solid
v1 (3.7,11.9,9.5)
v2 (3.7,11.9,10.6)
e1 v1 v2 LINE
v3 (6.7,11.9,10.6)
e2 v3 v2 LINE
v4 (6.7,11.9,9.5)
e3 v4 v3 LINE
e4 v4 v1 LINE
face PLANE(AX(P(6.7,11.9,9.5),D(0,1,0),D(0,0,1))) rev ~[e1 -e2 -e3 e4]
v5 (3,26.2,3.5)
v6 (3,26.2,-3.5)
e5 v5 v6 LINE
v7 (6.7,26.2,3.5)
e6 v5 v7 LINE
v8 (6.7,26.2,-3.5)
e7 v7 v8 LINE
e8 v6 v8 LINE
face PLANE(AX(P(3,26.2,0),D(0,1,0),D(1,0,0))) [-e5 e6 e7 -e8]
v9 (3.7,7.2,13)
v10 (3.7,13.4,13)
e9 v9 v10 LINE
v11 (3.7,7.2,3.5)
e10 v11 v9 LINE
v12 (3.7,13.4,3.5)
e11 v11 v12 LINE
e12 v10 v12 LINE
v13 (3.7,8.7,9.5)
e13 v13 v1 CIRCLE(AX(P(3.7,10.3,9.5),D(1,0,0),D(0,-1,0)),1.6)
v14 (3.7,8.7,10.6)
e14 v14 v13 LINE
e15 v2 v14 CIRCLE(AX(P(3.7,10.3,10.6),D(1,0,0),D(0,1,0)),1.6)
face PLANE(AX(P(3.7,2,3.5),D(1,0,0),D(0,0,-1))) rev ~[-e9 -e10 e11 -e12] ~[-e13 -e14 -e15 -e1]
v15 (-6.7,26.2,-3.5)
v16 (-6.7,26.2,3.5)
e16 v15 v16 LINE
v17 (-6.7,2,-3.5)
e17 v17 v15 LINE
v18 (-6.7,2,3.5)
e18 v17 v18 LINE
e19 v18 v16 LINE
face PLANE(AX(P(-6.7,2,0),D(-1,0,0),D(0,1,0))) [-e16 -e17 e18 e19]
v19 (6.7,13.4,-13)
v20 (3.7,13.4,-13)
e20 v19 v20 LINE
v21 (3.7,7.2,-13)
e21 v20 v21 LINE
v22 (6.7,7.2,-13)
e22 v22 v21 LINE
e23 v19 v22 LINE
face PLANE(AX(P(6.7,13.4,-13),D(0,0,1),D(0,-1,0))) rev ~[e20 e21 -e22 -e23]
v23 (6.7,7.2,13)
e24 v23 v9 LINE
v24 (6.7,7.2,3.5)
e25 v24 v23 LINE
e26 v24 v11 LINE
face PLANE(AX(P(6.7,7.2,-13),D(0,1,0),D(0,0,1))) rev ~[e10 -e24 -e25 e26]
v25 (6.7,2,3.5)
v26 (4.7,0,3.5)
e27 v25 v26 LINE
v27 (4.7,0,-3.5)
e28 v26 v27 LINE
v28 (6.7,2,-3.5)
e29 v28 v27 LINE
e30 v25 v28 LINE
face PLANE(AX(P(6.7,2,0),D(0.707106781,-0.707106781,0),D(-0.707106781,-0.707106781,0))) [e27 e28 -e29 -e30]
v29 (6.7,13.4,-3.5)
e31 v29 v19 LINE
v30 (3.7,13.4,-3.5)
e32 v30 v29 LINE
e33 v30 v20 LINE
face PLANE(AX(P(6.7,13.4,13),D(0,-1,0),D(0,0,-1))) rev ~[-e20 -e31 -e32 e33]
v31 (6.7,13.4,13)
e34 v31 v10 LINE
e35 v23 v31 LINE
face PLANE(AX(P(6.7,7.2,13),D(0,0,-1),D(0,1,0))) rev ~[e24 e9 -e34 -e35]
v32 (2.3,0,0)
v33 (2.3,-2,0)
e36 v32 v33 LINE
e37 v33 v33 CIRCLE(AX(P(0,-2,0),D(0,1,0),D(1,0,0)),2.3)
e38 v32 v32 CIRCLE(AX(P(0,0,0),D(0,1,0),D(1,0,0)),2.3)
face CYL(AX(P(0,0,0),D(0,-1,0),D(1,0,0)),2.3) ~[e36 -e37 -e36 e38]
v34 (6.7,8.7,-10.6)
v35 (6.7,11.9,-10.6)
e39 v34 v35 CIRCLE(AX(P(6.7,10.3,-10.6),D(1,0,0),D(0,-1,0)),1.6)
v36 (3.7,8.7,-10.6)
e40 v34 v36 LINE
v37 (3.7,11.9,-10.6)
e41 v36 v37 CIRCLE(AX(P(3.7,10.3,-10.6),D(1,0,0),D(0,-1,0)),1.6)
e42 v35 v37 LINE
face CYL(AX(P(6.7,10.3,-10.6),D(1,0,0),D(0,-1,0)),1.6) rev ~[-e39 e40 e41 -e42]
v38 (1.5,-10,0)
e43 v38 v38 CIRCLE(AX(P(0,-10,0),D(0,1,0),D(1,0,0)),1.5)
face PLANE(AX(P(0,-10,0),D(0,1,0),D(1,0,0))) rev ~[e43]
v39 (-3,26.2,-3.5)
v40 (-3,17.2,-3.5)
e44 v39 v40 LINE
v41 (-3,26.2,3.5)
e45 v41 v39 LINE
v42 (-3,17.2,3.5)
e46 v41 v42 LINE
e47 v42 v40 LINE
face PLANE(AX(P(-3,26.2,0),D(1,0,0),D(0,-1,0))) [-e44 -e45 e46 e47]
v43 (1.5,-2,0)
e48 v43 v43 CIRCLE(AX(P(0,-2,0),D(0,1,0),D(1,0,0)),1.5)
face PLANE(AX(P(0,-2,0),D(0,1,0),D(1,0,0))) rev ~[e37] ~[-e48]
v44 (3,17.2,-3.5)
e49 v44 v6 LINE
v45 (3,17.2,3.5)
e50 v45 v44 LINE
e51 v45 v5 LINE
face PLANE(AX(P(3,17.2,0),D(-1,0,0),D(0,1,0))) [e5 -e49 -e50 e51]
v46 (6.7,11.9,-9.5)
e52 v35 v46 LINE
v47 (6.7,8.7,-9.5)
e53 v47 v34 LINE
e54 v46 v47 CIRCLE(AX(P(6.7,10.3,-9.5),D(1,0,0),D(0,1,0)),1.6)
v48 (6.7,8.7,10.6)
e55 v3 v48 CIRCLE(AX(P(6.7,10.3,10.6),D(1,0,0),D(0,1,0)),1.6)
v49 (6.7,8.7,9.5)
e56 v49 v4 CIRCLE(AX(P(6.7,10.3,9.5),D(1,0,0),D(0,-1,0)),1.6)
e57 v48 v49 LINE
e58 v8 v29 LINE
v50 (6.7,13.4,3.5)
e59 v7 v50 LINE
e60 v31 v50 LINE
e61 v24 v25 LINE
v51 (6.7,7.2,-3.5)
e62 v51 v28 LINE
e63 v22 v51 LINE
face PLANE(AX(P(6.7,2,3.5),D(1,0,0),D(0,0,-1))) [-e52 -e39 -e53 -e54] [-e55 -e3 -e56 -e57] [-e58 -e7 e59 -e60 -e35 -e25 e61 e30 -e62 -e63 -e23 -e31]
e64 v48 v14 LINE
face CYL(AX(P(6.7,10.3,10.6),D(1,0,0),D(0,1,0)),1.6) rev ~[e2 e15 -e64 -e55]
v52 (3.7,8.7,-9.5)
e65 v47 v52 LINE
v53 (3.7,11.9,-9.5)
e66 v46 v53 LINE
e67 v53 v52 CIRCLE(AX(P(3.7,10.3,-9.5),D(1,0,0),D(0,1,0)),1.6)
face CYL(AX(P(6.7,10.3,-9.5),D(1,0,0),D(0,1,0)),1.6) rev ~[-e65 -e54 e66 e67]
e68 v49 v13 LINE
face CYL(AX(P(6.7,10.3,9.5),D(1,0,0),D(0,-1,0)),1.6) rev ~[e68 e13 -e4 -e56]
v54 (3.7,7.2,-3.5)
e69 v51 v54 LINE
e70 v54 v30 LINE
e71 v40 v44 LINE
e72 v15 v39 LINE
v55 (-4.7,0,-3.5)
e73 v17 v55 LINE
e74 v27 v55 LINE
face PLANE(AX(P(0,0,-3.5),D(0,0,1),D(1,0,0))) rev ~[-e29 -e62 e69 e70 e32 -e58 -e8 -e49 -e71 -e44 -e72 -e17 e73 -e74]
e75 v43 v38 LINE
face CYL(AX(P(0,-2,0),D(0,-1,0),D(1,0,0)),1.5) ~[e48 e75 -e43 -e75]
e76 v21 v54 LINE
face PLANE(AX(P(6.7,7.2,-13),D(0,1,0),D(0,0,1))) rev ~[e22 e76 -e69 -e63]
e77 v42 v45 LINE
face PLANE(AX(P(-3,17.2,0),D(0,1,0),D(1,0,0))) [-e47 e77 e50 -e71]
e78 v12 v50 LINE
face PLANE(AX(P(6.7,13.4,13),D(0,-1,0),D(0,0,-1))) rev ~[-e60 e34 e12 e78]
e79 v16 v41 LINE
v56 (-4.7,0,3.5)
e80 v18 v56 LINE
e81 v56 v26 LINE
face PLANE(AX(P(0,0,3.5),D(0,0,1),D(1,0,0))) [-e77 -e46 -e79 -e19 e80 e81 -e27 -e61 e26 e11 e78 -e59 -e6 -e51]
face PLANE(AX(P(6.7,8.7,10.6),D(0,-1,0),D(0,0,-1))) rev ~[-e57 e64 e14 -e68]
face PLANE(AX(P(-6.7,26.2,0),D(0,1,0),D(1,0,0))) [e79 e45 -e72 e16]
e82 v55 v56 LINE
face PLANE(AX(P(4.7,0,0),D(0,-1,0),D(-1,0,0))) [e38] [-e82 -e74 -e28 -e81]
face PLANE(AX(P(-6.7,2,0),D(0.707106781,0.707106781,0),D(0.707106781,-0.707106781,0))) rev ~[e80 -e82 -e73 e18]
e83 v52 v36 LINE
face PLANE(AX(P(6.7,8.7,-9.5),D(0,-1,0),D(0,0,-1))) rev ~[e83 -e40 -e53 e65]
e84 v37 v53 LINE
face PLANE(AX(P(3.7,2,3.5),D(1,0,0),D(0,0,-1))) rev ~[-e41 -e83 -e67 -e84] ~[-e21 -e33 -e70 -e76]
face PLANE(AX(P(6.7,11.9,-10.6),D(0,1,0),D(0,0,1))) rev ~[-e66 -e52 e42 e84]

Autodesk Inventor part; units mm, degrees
ref_plane "YZ Plane" through (0, 0, 0) normal (1, 0, 0) x (0, 1, 0)
ref_plane "XZ Plane" through (0, 0, 0) normal (0, 1, 0) x (-1, 0, 0)
ref_plane "XY Plane" through (0, 0, 0) normal (0, 0, 1) x (1, 0, 0)
sketch "草圖1" plane through (0, 0, 0) normal (0, 0, 1) x (1, 0, 0)
  line L0 (-6.7, 26.2) -> (-3, 26.2)
  line L1 (-3, 26.2) -> (-3, 17.2)
  line L2 (-3, 17.2) -> (3, 17.2)
  line L3 (3, 17.2) -> (3, 26.2)
  line L4 (3, 26.2) -> (6.7, 26.2)
  line L5 (6.7, 26.2) -> (6.7, 2)
  line L6 (-6.7, 2) -> (-6.7, 26.2)
  line L7 (-6.7, 2) -> (-4.7, 0)
  line L8 (-4.7, 0) -> (-1.5, 0)
  line L9 (6.7, 2) -> (4.7, 0)
  line L10 (4.7, 0) -> (1.5, 0)
  line L11 (-1.5, 0) -> (1.5, 0)
  point P0 (0, 0)
  point P1 (0, 17.2)
  point P2 (0, 0)
  point P3 (0, 0)
  dimension "d0" = 6
  dimension "d1" = 13.4
  dimension "d5" = 9
  dimension "d10" = 26.2
  dimension "d11" = 135
  dimension "d13" = 2
extrude "擠出1" add sketch "草圖1" along normal mid plane 7
sketch "草圖2" plane through (0, 0, 0) normal (0, 0, 1) x (1, 0, 0)
  line L0 (0, 0) -> (2.3, 0)
  line L1 (1.5, -2) -> (1.5, -10)
  line L2 (1.5, -10) -> (0, -10)
  line L3 (0, -10) -> (0, 0)
  line L4 (-4.7, 0) -> (4.7, 0) construction
  line L5 (2.3, 0) -> (2.3, -2)
  line L6 (2.3, -2) -> (1.5, -2)
  point P0 (1.5, 0)
  dimension "d20" = 4.6
  dimension "d21" = 3
  dimension "d22" = 2
  dimension "d23" = 10
revolve "迴轉1" add sketch "草圖2" angle 360 about axis through (0, -10, 0) along (0, 1, 0)
sketch "草圖3" plane through (6.7, 2, 3.5) normal (1, 0, 0) x (0, 0, -1)
  line L0 (-9.5, 11.4) -> (16.5, 11.4)
  line L1 (16.5, 11.4) -> (16.5, 5.2)
  line L2 (16.5, 5.2) -> (-9.5, 5.2)
  line L3 (-9.5, 5.2) -> (-9.5, 11.4)
  line L4 (-8.7, 8.3) -> (-4.4, 8.3) construction
  line L5 (-7.1, 6.7) -> (-6, 6.7)
  line L6 (-6, 9.9) -> (-7.1, 9.9)
  arc A0 (-7.1, 9.9) -> (-7.1, 6.7) centre (-7.1, 8.3) ccw
  arc A1 (-6, 6.7) -> (-6, 9.9) centre (-6, 8.3) ccw
  line L7 (11.4, 8.3) -> (15.7, 8.3) construction
  line L8 (13, 6.7) -> (14.1, 6.7)
  line L9 (14.1, 9.9) -> (13, 9.9)
  arc A2 (13, 9.9) -> (13, 6.7) centre (13, 8.3) ccw
  arc A3 (14.1, 6.7) -> (14.1, 9.9) centre (14.1, 8.3) ccw
  line L10 (0, -2) -> (7, -2) projected
  line L11 (-4.4, 8.3) -> (11.4, 8.3) construction
  point P0 (3.5, -2)
  point P1 (3.5, 5.2)
  point P2 (16.5, 8.3)
  point P3 (3.5, 8.3)
  dimension "d24" = 26
  dimension "d25" = 6.2
  dimension "d26" = 1.1
  dimension "d27" = 4.3
  dimension "d28" = 19
  dimension "d29" = 10.3
extrude "擠出2" add sketch "草圖3" against normal blind 3
properties part number "RX672-NW" material "SS41"
